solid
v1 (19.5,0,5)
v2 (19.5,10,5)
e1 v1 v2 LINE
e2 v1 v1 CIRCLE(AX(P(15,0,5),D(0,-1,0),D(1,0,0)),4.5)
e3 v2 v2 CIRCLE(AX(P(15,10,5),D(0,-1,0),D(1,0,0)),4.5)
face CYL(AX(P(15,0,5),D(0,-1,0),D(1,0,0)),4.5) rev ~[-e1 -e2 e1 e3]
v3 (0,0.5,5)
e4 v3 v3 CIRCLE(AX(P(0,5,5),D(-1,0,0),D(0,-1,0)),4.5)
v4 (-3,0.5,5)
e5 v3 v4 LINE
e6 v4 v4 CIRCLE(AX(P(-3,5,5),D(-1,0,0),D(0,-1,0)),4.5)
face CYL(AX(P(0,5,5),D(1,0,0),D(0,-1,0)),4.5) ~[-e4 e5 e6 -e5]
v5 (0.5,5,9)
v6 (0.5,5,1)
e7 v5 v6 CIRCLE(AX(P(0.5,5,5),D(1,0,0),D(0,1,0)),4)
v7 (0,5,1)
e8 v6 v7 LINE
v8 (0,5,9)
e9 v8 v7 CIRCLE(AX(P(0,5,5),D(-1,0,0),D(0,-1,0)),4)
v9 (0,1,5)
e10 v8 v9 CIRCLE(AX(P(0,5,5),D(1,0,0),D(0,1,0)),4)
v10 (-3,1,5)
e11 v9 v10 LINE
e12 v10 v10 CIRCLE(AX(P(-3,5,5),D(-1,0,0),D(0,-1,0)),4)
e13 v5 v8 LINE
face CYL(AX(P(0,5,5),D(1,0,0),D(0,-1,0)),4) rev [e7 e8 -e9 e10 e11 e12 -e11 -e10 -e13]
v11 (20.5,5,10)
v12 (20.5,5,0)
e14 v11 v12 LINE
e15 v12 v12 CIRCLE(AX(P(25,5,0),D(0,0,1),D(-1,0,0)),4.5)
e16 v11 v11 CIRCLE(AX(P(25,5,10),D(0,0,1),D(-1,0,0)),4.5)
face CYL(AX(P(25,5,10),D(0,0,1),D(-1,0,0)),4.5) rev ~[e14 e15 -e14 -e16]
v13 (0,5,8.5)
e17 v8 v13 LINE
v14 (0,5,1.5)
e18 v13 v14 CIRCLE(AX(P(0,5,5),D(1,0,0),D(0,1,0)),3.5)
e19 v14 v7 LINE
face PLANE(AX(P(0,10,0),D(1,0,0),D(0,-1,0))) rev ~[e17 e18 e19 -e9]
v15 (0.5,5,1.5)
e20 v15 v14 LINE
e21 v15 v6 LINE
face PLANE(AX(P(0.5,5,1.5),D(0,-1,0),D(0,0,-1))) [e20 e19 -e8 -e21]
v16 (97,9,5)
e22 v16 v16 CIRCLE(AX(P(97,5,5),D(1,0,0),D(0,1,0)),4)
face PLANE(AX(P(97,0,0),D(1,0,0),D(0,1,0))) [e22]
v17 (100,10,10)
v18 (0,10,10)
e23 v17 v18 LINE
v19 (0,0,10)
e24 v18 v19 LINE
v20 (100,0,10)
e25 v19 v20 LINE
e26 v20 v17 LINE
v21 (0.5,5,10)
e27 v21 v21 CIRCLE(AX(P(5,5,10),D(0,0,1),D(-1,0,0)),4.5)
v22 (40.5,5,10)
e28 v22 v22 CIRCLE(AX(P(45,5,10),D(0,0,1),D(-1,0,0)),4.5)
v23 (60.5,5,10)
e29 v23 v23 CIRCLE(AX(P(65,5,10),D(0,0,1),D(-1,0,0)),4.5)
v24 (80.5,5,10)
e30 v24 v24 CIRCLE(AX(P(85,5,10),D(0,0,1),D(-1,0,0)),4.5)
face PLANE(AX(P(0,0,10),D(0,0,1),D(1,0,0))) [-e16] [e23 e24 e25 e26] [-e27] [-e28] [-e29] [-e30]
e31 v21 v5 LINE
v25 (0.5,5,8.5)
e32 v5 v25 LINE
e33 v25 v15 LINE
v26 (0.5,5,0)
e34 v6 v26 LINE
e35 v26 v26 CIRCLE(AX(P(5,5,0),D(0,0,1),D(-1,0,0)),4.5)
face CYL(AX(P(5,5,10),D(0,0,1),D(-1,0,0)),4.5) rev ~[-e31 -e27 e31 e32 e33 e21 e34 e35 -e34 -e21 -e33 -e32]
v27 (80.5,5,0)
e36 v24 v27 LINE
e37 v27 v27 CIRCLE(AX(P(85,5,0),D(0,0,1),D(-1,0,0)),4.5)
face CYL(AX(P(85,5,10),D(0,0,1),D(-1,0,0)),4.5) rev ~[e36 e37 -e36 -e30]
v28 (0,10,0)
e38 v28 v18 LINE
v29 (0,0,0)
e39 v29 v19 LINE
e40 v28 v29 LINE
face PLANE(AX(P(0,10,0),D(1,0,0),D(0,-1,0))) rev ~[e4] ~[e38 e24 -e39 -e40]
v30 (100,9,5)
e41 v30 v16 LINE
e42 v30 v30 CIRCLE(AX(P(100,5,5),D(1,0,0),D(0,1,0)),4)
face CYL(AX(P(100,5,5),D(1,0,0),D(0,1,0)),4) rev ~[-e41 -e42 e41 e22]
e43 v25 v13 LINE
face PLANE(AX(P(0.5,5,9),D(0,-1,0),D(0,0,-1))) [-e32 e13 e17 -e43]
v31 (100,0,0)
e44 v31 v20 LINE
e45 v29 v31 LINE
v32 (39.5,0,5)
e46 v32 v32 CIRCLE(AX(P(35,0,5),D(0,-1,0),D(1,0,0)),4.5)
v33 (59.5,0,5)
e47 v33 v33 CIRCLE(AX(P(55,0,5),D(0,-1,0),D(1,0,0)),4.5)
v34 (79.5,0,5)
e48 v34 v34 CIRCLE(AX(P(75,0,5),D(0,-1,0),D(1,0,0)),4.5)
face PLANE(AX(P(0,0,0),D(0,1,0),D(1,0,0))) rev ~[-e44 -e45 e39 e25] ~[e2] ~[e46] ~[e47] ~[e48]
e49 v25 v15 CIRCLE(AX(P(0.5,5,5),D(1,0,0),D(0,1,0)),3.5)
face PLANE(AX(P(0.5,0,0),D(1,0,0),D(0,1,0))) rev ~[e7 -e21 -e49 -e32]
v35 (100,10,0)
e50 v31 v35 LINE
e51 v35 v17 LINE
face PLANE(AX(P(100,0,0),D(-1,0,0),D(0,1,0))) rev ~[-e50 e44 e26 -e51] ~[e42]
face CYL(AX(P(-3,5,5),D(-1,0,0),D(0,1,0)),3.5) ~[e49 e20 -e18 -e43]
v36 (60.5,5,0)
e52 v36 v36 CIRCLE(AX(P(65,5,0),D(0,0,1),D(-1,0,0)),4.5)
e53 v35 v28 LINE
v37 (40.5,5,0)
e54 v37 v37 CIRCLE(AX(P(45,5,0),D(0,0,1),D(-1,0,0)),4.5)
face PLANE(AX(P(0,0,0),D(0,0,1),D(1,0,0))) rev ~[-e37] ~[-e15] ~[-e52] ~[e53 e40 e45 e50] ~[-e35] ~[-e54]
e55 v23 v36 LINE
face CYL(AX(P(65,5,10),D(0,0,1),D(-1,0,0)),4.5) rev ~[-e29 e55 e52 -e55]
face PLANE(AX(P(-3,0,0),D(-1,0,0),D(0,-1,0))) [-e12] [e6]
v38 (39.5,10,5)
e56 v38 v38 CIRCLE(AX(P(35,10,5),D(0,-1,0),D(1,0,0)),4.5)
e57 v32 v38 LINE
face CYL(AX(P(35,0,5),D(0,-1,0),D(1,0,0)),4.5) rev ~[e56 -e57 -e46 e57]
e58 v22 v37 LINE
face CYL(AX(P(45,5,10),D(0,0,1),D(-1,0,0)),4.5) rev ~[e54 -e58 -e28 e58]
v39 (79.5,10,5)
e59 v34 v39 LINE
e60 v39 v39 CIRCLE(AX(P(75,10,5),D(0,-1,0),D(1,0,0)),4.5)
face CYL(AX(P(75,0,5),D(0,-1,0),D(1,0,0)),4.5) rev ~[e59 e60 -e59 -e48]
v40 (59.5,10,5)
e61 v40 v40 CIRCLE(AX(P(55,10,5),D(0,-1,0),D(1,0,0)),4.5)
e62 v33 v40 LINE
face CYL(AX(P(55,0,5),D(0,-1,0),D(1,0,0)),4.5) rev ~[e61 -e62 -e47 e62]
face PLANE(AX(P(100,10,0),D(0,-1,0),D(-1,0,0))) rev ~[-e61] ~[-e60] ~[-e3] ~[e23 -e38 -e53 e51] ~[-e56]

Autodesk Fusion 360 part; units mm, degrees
sketch "Sketch1" plane through (0, 0, 0) normal (0, 0, 1) x (1, 0, 0)
  line L0 (0, 0) -> (100, 0)
  line L1 (100, 0) -> (100, 10)
  line L2 (100, 10) -> (0, 10)
  line L3 (0, 10) -> (0, 0)
  dimension "d1" = 100
  dimension "d2" = 10
extrude "Extrude1" add sketch "Sketch1" along normal blind 10
sketch "Sketch2" plane through (0, 0, 10) normal (0, 0, 1) x (-1, 0, 0)
  line L0 (0, -10) -> (0, 0)
  line L1 (0, 0) -> (-100, 0)
  line L2 (-100, 0) -> (-100, -10)
  line L3 (-100, -10) -> (0, -10)
  circle A0 centre (-5, -5) radius 4.5
  circle A1 centre (-25, -5) radius 4.5
  circle A2 centre (-45, -5) radius 4.5
  circle A3 centre (-65, -5) radius 4.5
  circle A4 centre (-85, -5) radius 4.5
  dimension "d5" = 9
  dimension "d6" = 9
  dimension "d7" = 9
  dimension "d8" = 9
  dimension "d9" = 9
extrude "Extrude2" cut sketch "Sketch2" against normal blind 20 contours A0 | A1 | A2 | A3 | A4
sketch "Sketch3" plane through (0, 0, 0) normal (0, -1, 0) x (1, 0, 0)
  line L0 (0, 0) -> (100, 0)
  line L1 (100, 0) -> (100, 10)
  line L2 (100, 10) -> (0, 10)
  line L3 (0, 10) -> (0, 0)
  circle A0 centre (75, 5) radius 4.5
  circle A1 centre (55, 5) radius 4.5
  circle A2 centre (35, 5) radius 4.5
  circle A3 centre (15, 5) radius 4.5
  dimension "d12" = 9
  dimension "d13" = 9
  dimension "d14" = 9
  dimension "d15" = 9
extrude "Extrude3" cut sketch "Sketch3" against normal blind 10 contours A0 | A1 | A2 | A3
sketch "Sketch4" plane through (100, 0, 0) normal (1, 0, 0) x (0, 1, 0)
  line L0 (0, 0) -> (10, 0)
  line L1 (10, 0) -> (10, 10)
  line L2 (10, 10) -> (0, 10)
  line L3 (0, 10) -> (0, 0)
  circle A0 centre (5, 5) radius 4
  dimension "d18" = 8
extrude "Extrude4" cut sketch "Sketch4" against normal blind 3 contours A0
sketch "Sketch5" plane through (0, 0, 0) normal (1, 0, 0) x (0, 1, 0)
  circle A0 centre (5, 5) radius 4
  circle A1 centre (5, 5) radius 3.5
  dimension "d21" = 8
  dimension "d22" = 7
extrude "Extrude5" add sketch "Sketch5" against normal blind 3
extrude "Extrude6" add 1 faces at (-3, 8.8054, 4.6274) along direction (1, 0, 0) blind 3
extrude "Extrude7" add 1 faces at (-3, 8.8054, 4.6274) along direction (1, 0, 0) blind 3
extrude "Extrude8" cut 1 faces at (-3, 8.8054, 4.6274) along direction (1, 0, 0) blind 3.5
extrude "Extrude9" add 2 faces at (0.5, 5.3558, 8.8079) (0.5, 5.3558, 8.8079) along direction (-1, 0, 0) blind 0.5
sketch "Sketch6" plane through (0, 0, 0) normal (-1, 0, 0) x (0, -1, 0)
  line L0 (-10, 0) -> (0, 0)
  line L1 (0, 0) -> (0, 10)
  line L2 (0, 10) -> (-10, 10)
  line L3 (-10, 10) -> (-10, 0)
  circle A0 centre (-5, 5) radius 4.5
  circle A1 centre (-5, 5) radius 4
  dimension "d33" = 9
  dimension "d34" = 8
sketch "Sketch7" plane through (0, 0, 0) normal (-1, 0, 0) x (0, -1, 0)
extrude "Extrude10" add sketch "Sketch6" along normal blind 3 contours A0
